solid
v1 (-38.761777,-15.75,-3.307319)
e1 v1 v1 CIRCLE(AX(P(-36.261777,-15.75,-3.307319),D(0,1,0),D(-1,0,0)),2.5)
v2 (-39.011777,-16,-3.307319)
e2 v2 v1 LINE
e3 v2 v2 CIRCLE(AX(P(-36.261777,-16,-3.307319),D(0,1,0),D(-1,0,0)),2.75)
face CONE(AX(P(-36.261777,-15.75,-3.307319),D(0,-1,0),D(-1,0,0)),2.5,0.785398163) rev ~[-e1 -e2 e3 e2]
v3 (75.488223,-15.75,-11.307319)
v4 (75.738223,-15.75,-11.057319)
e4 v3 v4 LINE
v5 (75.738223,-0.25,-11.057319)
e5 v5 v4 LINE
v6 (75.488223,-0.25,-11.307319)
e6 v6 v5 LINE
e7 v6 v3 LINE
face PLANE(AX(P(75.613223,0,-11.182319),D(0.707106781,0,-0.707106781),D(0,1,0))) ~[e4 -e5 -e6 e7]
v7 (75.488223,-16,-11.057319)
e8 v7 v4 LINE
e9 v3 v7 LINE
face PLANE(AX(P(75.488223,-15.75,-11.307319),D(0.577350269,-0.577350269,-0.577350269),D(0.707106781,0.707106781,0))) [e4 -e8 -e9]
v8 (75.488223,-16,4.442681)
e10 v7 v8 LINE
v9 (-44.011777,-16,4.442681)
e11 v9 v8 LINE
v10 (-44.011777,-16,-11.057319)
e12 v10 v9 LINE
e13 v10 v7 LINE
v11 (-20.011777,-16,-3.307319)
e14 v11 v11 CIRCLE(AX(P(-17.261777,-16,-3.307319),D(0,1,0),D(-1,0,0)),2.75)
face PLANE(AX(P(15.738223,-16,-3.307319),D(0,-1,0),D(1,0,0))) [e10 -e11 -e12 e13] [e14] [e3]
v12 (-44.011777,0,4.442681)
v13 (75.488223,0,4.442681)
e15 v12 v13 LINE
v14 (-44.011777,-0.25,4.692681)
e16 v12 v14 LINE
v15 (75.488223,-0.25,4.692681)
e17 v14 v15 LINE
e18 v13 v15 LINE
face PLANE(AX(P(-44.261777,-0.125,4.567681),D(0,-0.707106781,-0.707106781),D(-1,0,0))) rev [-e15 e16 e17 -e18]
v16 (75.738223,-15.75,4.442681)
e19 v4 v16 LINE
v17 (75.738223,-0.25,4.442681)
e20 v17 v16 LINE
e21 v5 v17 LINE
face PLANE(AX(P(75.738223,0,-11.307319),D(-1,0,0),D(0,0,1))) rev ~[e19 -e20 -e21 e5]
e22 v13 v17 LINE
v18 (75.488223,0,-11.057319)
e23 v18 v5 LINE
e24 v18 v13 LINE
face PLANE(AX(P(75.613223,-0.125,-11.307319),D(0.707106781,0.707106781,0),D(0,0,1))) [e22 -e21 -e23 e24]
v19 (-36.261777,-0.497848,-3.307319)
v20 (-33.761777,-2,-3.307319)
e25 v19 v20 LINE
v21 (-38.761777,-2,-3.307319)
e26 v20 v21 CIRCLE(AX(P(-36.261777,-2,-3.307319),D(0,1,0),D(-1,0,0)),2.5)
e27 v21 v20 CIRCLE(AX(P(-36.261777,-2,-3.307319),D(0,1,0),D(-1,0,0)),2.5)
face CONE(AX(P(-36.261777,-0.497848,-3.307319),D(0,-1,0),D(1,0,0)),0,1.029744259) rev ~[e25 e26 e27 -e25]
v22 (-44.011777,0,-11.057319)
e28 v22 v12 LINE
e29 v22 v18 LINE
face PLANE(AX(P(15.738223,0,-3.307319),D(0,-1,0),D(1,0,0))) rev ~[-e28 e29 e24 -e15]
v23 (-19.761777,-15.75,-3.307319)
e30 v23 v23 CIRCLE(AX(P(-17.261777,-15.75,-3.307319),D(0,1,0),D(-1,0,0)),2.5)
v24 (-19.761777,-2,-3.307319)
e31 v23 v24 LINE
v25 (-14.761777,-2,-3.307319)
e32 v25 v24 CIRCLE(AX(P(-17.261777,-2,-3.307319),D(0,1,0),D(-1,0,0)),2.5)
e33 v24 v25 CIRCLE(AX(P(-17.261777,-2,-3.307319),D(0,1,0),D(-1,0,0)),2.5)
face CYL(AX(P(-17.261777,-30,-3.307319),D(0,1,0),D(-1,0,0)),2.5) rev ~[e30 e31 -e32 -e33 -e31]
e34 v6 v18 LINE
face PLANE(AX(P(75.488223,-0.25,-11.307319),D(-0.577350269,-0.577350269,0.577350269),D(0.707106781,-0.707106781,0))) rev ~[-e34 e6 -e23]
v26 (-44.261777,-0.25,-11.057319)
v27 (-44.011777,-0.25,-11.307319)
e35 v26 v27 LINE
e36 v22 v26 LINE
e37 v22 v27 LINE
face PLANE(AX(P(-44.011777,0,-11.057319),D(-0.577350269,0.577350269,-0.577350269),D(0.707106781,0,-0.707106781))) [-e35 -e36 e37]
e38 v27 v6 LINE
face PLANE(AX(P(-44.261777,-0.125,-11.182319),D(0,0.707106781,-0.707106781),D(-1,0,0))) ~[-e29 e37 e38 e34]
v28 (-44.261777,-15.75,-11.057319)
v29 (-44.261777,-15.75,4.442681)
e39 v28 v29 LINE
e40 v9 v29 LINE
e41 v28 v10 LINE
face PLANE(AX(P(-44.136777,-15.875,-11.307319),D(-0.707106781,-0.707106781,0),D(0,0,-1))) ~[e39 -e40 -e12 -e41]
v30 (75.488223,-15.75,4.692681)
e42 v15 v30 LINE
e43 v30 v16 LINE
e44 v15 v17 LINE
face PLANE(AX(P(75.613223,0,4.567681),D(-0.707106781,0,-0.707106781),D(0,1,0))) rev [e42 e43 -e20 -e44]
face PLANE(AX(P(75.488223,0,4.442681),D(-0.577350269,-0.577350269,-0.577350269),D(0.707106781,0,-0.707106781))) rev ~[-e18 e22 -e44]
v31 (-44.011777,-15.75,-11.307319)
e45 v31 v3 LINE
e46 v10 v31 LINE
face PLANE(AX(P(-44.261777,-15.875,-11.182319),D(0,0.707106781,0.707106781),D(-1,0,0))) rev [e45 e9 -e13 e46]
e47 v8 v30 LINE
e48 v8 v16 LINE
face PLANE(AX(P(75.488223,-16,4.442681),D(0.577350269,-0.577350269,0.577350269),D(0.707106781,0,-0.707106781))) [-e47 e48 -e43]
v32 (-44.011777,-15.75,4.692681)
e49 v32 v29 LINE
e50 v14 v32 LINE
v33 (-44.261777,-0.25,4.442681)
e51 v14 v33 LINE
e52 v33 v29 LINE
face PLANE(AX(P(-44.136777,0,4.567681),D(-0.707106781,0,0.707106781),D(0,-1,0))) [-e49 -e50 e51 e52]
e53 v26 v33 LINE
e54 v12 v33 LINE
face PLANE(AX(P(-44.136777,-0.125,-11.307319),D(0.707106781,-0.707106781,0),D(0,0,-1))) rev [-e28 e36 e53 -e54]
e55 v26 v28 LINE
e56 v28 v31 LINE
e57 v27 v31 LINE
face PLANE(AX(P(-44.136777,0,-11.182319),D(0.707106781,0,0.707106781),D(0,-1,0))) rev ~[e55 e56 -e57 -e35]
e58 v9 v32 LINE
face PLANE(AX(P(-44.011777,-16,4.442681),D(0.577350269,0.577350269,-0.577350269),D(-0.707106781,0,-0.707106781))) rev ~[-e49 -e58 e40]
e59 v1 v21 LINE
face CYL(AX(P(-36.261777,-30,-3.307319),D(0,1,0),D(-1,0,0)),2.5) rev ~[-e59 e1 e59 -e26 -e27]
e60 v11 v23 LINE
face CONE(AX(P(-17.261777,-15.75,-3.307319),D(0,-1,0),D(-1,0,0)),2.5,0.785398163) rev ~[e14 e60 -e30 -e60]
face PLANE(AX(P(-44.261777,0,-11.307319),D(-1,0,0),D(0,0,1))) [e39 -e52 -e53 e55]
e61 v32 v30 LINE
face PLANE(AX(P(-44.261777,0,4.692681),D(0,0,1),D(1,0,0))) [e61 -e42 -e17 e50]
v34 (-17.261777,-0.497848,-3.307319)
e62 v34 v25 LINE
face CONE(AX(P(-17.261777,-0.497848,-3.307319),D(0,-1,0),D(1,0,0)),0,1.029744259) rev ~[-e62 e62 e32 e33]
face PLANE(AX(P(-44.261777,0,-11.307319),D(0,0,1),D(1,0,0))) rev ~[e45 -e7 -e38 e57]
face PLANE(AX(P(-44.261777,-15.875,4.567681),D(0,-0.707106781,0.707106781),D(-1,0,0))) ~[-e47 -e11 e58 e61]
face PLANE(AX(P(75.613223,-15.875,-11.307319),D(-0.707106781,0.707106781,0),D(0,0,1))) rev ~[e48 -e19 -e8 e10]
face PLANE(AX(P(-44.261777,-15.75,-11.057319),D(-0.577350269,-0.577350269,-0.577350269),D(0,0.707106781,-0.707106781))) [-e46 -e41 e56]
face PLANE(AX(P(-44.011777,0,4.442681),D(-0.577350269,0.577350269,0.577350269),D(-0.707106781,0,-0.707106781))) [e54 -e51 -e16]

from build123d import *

# Parameters (mm, degrees)
F0_W     = 120
F0_H     = 16
F1_DEPTH = 16
F3_D     = 5
F3_DEPTH = 14
F3_TIP   = 1.5021515476
F4_SIZE  = 0.25


with BuildPart() as f1:
    # F0 (on Front) → F1 (new body)
    with BuildSketch(Plane.XZ):
        with Locations((15.7382229716, -3.3073185302)):
            Rectangle(F0_W, F0_H)
    extrude(amount=F1_DEPTH)

    # F3
    with Locations(Plane.XZ.offset(16)):
        with Locations((-17.2617770284, -3.3073185302), (-36.2617770284, -3.3073185302)):
            Hole(F3_D / 2, depth=F3_DEPTH)
            with Locations((0, 0, -(F3_DEPTH + F3_TIP / 2))):  # 118° drill point
                Cone(0, F3_D / 2, F3_TIP, mode=Mode.SUBTRACT)

    # F4
    f4_edges = [f1.edges().sort_by_distance(p)[0] for p in [
        (75.738223, -8, 4.692681),
        (-44.261777, -8, 4.692681),
        (15.738223, 0, 4.692681),
        (15.738223, -16, 4.692681),
        (75.738223, -16, -3.307319),
        (15.738223, -16, -11.307319),
        (-44.261777, -16, -3.307319),
        (-38.761777, -16, -3.307319),
        (-19.761777, -16, -3.307319),
        (-44.261777, -8, -11.307319),
        (-44.261777, 0, -3.307319),
        (75.738223, 0, -3.307319),
        (15.738223, 0, -11.307319),
        (75.738223, -8, -11.307319),
    ]]
    chamfer(f4_edges, length=F4_SIZE)


solid = f1.part
